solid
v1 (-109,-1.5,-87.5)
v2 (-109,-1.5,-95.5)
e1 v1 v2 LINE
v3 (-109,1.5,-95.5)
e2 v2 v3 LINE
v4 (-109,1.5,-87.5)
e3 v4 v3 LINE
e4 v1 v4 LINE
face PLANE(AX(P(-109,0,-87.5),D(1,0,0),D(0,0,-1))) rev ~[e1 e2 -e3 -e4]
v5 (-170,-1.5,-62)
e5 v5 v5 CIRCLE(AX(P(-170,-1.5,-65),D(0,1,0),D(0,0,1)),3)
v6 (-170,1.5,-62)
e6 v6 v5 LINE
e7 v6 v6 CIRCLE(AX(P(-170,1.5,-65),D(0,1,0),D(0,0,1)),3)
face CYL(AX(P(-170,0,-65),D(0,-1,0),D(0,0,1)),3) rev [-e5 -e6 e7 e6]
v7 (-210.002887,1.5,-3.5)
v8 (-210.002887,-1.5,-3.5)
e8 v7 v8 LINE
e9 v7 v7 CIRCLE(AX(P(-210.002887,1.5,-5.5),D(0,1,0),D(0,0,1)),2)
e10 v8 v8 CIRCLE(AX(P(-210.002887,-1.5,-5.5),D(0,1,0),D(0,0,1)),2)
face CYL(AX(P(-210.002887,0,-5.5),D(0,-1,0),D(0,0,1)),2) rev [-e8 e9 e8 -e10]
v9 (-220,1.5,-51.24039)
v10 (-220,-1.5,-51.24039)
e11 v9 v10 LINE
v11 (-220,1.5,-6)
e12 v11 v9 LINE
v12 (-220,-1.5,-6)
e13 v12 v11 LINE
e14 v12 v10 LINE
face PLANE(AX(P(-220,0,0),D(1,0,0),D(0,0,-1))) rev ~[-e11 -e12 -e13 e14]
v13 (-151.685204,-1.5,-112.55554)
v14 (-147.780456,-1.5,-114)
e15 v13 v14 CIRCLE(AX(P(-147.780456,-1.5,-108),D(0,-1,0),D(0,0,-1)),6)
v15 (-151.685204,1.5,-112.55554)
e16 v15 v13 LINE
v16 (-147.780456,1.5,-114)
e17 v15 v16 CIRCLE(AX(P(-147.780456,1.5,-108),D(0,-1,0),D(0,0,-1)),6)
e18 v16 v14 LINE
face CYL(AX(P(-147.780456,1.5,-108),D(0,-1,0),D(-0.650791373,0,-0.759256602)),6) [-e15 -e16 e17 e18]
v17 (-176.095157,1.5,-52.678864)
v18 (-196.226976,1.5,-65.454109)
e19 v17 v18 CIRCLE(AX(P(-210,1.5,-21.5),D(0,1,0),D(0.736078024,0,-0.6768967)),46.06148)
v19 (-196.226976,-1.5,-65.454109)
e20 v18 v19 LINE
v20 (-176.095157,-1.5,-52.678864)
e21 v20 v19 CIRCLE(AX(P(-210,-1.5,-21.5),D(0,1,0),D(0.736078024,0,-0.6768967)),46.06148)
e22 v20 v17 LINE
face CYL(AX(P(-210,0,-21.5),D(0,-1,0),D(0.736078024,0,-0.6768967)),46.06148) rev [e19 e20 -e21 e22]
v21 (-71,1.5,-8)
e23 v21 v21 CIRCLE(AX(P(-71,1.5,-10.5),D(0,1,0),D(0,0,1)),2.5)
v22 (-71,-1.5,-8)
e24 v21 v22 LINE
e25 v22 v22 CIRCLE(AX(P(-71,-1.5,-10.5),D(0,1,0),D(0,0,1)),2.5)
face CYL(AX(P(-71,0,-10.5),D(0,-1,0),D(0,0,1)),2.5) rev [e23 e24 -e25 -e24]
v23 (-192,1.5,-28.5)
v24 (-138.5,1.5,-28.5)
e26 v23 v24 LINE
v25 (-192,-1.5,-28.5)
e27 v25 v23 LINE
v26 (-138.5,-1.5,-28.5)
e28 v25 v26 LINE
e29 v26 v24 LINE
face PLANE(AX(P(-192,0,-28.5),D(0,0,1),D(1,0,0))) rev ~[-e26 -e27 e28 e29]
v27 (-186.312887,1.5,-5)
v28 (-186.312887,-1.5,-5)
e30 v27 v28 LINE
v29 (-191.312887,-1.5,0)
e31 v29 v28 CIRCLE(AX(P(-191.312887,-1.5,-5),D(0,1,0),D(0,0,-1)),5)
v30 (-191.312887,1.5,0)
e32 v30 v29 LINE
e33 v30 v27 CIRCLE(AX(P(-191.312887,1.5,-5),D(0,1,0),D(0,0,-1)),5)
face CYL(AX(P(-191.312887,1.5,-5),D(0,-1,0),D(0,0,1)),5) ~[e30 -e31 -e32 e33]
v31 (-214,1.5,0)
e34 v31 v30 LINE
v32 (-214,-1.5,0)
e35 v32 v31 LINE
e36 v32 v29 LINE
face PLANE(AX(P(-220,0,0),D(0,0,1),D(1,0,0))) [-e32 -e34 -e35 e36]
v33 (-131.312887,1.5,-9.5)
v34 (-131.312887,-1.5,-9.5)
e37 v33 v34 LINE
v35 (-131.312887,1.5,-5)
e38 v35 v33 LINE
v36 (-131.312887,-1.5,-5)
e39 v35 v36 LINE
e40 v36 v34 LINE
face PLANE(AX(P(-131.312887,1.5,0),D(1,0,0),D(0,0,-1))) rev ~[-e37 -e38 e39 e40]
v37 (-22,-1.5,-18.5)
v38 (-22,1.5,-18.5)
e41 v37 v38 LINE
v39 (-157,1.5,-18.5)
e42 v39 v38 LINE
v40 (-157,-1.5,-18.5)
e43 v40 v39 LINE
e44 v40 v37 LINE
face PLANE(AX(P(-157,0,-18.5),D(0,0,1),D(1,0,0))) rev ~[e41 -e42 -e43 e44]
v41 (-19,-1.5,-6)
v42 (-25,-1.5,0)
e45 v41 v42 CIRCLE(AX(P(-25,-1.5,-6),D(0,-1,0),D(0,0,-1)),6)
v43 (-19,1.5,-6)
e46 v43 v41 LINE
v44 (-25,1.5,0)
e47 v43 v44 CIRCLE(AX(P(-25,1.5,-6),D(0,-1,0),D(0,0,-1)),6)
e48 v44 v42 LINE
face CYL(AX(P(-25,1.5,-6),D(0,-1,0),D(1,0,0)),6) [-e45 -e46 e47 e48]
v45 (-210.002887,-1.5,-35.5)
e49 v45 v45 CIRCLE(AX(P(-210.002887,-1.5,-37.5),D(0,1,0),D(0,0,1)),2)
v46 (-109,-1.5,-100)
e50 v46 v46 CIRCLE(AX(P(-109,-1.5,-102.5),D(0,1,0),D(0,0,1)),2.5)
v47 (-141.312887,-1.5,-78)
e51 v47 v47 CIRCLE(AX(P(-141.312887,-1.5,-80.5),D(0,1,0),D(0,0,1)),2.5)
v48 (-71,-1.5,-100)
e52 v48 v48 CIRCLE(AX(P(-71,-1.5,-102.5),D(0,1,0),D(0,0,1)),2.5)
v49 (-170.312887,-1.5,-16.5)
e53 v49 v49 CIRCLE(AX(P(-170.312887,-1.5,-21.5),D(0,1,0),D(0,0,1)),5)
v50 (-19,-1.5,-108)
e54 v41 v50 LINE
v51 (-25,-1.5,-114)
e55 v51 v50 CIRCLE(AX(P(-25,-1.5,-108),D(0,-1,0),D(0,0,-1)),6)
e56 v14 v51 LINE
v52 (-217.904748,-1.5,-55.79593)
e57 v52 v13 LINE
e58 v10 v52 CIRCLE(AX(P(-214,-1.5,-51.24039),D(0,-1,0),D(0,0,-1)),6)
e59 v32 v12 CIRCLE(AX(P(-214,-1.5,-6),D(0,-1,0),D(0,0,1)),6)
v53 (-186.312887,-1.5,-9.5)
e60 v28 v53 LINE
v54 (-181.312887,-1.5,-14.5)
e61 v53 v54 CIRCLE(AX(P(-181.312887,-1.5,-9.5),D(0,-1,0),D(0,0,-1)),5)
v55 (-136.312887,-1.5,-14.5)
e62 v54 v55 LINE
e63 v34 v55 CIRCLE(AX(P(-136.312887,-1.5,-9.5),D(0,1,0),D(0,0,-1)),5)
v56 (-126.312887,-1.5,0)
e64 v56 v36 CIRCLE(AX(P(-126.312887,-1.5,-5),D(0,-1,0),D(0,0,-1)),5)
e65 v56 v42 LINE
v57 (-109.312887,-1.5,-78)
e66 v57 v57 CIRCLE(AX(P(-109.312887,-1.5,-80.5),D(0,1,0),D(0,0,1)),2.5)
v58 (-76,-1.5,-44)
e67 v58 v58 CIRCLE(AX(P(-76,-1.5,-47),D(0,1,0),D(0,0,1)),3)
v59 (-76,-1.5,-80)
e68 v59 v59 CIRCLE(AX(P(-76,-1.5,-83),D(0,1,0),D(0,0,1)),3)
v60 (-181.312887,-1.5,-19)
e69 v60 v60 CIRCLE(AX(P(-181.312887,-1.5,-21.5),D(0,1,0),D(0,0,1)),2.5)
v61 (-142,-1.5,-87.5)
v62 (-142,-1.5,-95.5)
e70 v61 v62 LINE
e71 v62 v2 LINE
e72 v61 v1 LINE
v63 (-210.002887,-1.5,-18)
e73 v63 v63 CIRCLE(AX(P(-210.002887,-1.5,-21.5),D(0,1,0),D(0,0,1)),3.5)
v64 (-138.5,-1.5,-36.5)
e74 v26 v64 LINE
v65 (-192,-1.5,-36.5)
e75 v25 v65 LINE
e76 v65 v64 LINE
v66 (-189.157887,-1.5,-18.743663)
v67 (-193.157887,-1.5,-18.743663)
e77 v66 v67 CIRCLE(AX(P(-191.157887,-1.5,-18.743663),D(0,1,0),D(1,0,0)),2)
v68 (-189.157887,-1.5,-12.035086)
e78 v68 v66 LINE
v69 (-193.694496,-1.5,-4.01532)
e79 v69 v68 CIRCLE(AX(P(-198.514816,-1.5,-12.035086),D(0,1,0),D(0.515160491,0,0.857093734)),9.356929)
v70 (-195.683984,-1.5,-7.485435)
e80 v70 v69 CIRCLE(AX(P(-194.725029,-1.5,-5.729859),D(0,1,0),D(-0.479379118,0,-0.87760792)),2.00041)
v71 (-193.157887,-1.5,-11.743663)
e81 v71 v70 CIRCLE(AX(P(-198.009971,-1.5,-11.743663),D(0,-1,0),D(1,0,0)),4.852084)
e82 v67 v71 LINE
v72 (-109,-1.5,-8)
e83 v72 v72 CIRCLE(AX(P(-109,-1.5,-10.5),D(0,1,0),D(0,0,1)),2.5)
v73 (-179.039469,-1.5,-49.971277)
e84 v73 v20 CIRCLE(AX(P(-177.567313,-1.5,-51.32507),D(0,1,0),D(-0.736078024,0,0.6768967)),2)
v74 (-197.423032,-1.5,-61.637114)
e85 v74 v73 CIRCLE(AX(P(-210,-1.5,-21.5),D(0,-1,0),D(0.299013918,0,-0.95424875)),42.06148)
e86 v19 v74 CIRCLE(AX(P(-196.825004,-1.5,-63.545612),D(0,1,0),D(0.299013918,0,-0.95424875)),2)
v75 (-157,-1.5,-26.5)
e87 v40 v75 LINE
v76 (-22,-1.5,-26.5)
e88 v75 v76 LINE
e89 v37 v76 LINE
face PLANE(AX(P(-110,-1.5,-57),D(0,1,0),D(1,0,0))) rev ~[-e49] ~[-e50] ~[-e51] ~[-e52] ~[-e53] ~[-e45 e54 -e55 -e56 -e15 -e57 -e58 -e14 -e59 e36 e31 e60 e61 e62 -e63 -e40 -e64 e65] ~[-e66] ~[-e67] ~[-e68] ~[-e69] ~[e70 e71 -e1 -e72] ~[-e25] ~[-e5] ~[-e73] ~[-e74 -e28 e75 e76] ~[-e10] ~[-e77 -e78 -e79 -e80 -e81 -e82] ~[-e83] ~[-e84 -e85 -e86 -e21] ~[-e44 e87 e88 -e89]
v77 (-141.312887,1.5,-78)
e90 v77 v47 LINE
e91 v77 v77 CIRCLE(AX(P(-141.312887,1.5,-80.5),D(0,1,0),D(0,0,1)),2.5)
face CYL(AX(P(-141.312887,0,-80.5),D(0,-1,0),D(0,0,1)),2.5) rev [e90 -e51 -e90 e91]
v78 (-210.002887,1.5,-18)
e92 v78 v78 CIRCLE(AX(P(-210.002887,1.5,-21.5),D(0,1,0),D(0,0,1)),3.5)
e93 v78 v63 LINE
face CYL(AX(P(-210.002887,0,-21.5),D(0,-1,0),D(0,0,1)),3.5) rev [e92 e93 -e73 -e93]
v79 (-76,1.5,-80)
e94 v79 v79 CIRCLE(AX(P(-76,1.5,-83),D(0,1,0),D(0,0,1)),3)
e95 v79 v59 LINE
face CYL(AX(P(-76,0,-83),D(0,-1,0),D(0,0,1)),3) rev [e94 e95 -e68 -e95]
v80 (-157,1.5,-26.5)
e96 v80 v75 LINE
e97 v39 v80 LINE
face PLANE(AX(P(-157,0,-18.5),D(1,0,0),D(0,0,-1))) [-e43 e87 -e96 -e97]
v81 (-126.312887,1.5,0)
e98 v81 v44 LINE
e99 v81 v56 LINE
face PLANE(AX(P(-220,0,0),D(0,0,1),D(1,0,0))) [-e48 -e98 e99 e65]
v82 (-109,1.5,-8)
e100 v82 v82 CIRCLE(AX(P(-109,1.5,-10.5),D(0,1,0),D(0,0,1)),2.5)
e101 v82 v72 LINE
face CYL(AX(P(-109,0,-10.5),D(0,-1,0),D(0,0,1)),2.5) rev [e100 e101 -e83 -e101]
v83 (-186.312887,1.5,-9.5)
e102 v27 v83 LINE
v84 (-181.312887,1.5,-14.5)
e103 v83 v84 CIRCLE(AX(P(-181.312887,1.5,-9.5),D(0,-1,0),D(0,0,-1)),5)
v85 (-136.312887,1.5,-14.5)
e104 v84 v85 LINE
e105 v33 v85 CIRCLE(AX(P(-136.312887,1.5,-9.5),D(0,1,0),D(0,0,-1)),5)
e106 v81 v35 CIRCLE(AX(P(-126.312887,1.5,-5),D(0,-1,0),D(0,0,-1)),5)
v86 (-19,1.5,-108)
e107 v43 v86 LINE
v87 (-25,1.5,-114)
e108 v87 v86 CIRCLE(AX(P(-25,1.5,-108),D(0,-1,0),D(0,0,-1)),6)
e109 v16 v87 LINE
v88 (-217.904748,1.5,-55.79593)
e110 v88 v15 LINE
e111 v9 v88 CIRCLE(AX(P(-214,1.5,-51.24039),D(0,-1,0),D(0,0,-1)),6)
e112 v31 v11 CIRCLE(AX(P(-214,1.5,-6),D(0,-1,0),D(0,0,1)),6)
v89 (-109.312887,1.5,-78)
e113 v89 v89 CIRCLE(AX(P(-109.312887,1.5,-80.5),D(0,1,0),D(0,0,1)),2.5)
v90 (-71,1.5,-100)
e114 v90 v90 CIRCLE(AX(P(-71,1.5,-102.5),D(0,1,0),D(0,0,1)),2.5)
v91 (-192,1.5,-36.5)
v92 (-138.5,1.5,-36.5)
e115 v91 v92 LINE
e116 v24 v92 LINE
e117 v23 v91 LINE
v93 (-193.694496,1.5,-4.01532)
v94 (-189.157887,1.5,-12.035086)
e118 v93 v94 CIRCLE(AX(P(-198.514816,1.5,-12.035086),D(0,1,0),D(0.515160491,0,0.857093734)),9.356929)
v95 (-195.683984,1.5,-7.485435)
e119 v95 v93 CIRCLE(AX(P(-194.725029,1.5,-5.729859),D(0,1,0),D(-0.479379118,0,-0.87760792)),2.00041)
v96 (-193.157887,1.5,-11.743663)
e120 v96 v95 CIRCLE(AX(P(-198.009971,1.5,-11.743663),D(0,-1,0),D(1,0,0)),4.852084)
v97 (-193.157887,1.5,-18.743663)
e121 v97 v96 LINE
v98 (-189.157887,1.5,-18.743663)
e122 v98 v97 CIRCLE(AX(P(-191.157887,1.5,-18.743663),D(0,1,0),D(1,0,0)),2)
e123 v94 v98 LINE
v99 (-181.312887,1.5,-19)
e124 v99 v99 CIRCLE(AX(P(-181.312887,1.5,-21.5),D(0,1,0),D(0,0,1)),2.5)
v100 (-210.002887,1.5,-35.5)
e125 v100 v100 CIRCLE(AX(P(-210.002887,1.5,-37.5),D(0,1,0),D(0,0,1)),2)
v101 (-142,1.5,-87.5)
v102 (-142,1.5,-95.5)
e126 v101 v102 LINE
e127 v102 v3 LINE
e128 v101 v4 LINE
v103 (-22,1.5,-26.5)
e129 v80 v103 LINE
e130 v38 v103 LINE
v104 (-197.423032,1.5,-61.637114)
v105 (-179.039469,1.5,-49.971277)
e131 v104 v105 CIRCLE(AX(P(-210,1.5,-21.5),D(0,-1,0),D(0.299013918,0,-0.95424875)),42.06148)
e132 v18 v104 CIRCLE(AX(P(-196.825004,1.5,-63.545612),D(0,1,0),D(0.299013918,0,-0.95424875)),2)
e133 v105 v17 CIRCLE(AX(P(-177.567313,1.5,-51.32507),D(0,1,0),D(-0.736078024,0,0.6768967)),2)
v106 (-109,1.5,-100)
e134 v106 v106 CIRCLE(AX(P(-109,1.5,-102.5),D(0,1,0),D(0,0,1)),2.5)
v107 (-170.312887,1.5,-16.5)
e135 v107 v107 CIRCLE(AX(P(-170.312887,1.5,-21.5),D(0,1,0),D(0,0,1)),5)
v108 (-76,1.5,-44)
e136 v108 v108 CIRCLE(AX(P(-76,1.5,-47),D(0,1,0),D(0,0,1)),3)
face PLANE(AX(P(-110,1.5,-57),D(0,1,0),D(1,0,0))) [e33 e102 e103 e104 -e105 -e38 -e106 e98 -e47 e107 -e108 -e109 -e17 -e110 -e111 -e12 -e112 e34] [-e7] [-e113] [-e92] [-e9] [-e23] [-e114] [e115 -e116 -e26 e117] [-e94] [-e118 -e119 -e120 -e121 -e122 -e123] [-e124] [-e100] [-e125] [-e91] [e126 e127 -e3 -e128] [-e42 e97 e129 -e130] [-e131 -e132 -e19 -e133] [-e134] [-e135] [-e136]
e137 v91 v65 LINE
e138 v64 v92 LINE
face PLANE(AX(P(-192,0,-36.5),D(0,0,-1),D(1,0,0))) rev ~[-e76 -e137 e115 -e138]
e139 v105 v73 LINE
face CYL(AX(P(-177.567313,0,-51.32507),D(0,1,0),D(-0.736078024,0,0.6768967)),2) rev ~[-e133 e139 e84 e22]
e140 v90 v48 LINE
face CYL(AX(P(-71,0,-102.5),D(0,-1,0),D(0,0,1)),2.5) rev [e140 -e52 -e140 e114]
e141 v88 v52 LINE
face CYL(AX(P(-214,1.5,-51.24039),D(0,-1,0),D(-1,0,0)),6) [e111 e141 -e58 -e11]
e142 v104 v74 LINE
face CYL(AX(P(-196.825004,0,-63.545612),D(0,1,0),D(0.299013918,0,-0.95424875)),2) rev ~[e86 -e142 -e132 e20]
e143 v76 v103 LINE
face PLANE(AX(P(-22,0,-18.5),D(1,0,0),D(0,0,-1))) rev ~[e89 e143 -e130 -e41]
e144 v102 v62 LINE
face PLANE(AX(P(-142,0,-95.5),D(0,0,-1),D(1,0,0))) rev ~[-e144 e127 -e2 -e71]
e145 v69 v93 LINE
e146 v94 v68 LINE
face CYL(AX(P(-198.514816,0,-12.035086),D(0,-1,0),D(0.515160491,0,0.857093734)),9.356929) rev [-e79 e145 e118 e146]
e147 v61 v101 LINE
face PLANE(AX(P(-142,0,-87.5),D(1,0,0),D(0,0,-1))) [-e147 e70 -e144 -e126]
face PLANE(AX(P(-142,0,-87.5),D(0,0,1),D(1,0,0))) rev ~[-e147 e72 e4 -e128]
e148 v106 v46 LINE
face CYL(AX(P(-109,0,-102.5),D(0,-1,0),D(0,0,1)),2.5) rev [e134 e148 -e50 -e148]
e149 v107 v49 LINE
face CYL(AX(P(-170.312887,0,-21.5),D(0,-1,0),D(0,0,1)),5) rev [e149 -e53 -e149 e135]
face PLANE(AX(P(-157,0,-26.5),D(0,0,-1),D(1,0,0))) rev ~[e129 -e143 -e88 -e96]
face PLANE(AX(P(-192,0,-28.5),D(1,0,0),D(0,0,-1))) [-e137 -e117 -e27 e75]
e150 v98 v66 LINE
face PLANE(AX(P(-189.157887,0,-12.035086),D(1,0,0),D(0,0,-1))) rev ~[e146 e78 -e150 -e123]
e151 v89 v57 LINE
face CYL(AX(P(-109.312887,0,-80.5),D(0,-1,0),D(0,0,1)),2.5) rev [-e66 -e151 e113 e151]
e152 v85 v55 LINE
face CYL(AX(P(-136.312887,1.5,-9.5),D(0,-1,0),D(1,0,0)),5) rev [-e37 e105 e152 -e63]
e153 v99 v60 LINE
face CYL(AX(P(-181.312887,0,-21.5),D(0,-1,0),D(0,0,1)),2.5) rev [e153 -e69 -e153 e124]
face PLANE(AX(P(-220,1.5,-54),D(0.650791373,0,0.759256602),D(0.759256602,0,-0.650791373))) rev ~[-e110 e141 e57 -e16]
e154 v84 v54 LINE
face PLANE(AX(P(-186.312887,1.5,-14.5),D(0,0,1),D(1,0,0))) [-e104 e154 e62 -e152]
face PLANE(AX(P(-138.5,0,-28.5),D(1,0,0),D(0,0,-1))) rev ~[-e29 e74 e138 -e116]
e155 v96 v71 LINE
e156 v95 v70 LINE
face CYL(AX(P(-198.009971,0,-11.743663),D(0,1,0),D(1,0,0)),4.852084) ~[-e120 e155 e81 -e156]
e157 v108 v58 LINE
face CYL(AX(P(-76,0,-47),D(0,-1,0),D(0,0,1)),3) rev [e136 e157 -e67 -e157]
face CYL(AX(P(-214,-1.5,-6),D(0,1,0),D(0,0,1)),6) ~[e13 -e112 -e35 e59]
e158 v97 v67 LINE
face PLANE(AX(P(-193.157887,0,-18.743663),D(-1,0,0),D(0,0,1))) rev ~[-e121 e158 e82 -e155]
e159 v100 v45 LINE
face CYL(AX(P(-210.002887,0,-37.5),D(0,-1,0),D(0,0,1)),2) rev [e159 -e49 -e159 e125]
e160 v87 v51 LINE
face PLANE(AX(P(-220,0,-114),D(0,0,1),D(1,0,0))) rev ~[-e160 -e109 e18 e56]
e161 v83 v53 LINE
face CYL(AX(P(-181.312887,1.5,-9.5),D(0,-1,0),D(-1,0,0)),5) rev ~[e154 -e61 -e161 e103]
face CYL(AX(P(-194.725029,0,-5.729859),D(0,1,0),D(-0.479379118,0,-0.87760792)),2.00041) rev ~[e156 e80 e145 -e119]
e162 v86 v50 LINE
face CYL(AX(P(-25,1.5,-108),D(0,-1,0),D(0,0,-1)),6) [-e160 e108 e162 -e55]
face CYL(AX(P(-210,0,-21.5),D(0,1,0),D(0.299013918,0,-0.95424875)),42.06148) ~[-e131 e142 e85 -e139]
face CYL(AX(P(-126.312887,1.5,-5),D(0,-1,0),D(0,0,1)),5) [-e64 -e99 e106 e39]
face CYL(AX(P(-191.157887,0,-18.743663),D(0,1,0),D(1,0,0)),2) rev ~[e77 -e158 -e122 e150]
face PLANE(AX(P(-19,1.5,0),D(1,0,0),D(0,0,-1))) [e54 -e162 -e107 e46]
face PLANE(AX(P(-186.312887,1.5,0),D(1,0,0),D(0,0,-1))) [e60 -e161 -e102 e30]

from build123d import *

# Parameters (mm, degrees)
SKETCH_1_W          = 220
SKETCH_1_H          = 114
SKETCH_1_R          = 2.5
SKETCH_1_R_2        = 3
SKETCH_1_R_3        = 5
SKETCH_1_R_4        = 2
SKETCH_1_R_5        = 3.5
SKETCH_1_W_2        = 135
SKETCH_1_H_2        = 8
SKETCH_1_W_3        = 53.5
SKETCH_1_W_4        = 33
EXTRUDE_1_DEPTH     = 1.5
SKETCH_2_W          = 55
SKETCH_2_H          = 14.5
CUT_EXTRUDE_1_DEPTH = 248.800322841
FILLET_1_R          = 5
SKETCH_3_W          = 19
SKETCH_3_H          = 114
CUT_EXTRUDE_2_DEPTH = 248.800322841
FILLET_2_R          = 6


with BuildPart() as part:
    # 草图1 → 凸台-拉伸1 (new, symmetric)
    with BuildSketch(Plane(origin=(0, 0, 0), x_dir=(1, 0, 0), z_dir=(0, 1, 0))):
        with Locations((-110, 57)):
            Rectangle(SKETCH_1_W, SKETCH_1_H)
        with Locations(Location((-71, 102.5, 0), (0, 0, 270))):
            Circle(SKETCH_1_R, mode=Mode.SUBTRACT)
        with Locations(Location((-109, 102.5, 0), (0, 0, 270))):
            Circle(SKETCH_1_R, mode=Mode.SUBTRACT)
        with Locations(Location((-141.312887166, 80.5, 0), (0, 0, 270))):
            Circle(SKETCH_1_R, mode=Mode.SUBTRACT)
        with Locations(Location((-109.312887166, 80.5, 0), (0, 0, 270))):
            Circle(SKETCH_1_R, mode=Mode.SUBTRACT)
        with Locations(Location((-109, 10.5, 0), (0, 0, 270))):
            Circle(SKETCH_1_R, mode=Mode.SUBTRACT)
        with Locations(Location((-71, 10.5, 0), (0, 0, 270))):
            Circle(SKETCH_1_R, mode=Mode.SUBTRACT)
        with Locations(Location((-76, 47, 0), (0, 0, 270))):
            Circle(SKETCH_1_R_2, mode=Mode.SUBTRACT)
        with Locations(Location((-76, 83, 0), (0, 0, 270))):
            Circle(SKETCH_1_R_2, mode=Mode.SUBTRACT)
        with Locations(Location((-170, 65, 0), (0, 0, 270))):
            Circle(SKETCH_1_R_2, mode=Mode.SUBTRACT)
        with Locations(Location((-170.312887166, 21.5, 0), (0, 0, 270))):
            Circle(SKETCH_1_R_3, mode=Mode.SUBTRACT)
        with Locations(Location((-181.312887166, 21.5, 0), (0, 0, 270))):
            Circle(SKETCH_1_R, mode=Mode.SUBTRACT)
        with Locations(Location((-210.002887166, 37.50000026, 0), (0, 0, 270))):
            Circle(SKETCH_1_R_4, mode=Mode.SUBTRACT)
        with Locations(Location((-210.002887166, 5.5, 0), (0, 0, 270))):
            Circle(SKETCH_1_R_4, mode=Mode.SUBTRACT)
        with Locations(Location((-210.002887166, 21.5, 0), (0, 0, 270))):
            Circle(SKETCH_1_R_5, mode=Mode.SUBTRACT)
        with BuildLine():
            Line((-193.157887166, 18.743662964), (-193.157887166, 11.743662964))
            ThreePointArc((-193.157887166, 11.743662964), (-193.836926328, 9.268099132), (-195.683983559, 7.485435381))
            ThreePointArc((-195.683983559, 7.485435381), (-196.460455274, 4.734904062), (-193.694496162, 4.015320115))
            ThreePointArc((-193.694496162, 4.015320115), (-190.370630742, 7.428094707), (-189.157887166, 12.035085564))
            Line((-189.157887166, 12.035085564), (-189.157887166, 18.743662964))
            ThreePointArc((-189.157887166, 18.743662964), (-191.157887166, 20.743662964), (-193.157887166, 18.743662964))
        make_face(mode=Mode.SUBTRACT)
        with Locations((-89.5, 22.5)):
            Rectangle(SKETCH_1_W_2, SKETCH_1_H_2, mode=Mode.SUBTRACT)
        with Locations((-165.25, 32.5)):
            Rectangle(SKETCH_1_W_3, SKETCH_1_H_2, mode=Mode.SUBTRACT)
        with Locations((-125.5, 91.5)):
            Rectangle(SKETCH_1_W_4, SKETCH_1_H_2, mode=Mode.SUBTRACT)
        with BuildLine():
            ThreePointArc((-196.226976492, 65.454109411), (-198.733501828, 64.143639747), (-197.423032164, 61.637114411))
            ThreePointArc((-197.423032164, 61.637114411), (-187.463332326, 57.014316596), (-179.039469146, 49.971276796))
            ThreePointArc((-179.039469146, 49.971276796), (-176.213519698, 49.852914148), (-176.09515705, 52.678863596))
            ThreePointArc((-176.09515705, 52.678863596), (-185.320120262, 60.391688659), (-196.226976492, 65.454109411))
        make_face(mode=Mode.SUBTRACT)
    extrude(amount=EXTRUDE_1_DEPTH, both=True)

    # 草图2 → 切除-拉伸1 (cut, through all)
    with BuildSketch(Plane(origin=(0, 1.5, 0), x_dir=(1, 0, 0), z_dir=(0, 1, 0))):
        with Locations((-158.812887166, 7.25)):
            Rectangle(SKETCH_2_W, SKETCH_2_H)
    extrude(amount=-CUT_EXTRUDE_1_DEPTH, mode=Mode.SUBTRACT)

    # 圆角1
    fillet_1_edges = [part.edges().sort_by_distance(p)[0] for p in [
        (-186.312887166, 0, 0),
        (-186.312887166, 0, -14.5),
        (-131.312887166, 0, -14.5),
        (-131.312887166, 0, 0),
    ]]
    fillet(fillet_1_edges, radius=FILLET_1_R)

    # 草图3 → 切除-拉伸2 (cut, through all)
    with BuildSketch(Plane(origin=(0, 1.5, 0), x_dir=(1, 0, 0), z_dir=(0, 1, 0))):
        Polygon((-220, 54), (-150, 114), (-220, 114), align=None)
        with Locations((-9.5, 57)):
            Rectangle(SKETCH_3_W, SKETCH_3_H)
    extrude(amount=-CUT_EXTRUDE_2_DEPTH, mode=Mode.SUBTRACT)

    # 圆角2
    fillet_2_edges = [part.edges().sort_by_distance(p)[0] for p in [
        (-220, 0, -54),
        (-150, 0, -114),
        (-19, 0, 0),
        (-19, 0, -114),
        (-220, 0, 0),
    ]]
    fillet(fillet_2_edges, radius=FILLET_2_R)


solid = part.part
